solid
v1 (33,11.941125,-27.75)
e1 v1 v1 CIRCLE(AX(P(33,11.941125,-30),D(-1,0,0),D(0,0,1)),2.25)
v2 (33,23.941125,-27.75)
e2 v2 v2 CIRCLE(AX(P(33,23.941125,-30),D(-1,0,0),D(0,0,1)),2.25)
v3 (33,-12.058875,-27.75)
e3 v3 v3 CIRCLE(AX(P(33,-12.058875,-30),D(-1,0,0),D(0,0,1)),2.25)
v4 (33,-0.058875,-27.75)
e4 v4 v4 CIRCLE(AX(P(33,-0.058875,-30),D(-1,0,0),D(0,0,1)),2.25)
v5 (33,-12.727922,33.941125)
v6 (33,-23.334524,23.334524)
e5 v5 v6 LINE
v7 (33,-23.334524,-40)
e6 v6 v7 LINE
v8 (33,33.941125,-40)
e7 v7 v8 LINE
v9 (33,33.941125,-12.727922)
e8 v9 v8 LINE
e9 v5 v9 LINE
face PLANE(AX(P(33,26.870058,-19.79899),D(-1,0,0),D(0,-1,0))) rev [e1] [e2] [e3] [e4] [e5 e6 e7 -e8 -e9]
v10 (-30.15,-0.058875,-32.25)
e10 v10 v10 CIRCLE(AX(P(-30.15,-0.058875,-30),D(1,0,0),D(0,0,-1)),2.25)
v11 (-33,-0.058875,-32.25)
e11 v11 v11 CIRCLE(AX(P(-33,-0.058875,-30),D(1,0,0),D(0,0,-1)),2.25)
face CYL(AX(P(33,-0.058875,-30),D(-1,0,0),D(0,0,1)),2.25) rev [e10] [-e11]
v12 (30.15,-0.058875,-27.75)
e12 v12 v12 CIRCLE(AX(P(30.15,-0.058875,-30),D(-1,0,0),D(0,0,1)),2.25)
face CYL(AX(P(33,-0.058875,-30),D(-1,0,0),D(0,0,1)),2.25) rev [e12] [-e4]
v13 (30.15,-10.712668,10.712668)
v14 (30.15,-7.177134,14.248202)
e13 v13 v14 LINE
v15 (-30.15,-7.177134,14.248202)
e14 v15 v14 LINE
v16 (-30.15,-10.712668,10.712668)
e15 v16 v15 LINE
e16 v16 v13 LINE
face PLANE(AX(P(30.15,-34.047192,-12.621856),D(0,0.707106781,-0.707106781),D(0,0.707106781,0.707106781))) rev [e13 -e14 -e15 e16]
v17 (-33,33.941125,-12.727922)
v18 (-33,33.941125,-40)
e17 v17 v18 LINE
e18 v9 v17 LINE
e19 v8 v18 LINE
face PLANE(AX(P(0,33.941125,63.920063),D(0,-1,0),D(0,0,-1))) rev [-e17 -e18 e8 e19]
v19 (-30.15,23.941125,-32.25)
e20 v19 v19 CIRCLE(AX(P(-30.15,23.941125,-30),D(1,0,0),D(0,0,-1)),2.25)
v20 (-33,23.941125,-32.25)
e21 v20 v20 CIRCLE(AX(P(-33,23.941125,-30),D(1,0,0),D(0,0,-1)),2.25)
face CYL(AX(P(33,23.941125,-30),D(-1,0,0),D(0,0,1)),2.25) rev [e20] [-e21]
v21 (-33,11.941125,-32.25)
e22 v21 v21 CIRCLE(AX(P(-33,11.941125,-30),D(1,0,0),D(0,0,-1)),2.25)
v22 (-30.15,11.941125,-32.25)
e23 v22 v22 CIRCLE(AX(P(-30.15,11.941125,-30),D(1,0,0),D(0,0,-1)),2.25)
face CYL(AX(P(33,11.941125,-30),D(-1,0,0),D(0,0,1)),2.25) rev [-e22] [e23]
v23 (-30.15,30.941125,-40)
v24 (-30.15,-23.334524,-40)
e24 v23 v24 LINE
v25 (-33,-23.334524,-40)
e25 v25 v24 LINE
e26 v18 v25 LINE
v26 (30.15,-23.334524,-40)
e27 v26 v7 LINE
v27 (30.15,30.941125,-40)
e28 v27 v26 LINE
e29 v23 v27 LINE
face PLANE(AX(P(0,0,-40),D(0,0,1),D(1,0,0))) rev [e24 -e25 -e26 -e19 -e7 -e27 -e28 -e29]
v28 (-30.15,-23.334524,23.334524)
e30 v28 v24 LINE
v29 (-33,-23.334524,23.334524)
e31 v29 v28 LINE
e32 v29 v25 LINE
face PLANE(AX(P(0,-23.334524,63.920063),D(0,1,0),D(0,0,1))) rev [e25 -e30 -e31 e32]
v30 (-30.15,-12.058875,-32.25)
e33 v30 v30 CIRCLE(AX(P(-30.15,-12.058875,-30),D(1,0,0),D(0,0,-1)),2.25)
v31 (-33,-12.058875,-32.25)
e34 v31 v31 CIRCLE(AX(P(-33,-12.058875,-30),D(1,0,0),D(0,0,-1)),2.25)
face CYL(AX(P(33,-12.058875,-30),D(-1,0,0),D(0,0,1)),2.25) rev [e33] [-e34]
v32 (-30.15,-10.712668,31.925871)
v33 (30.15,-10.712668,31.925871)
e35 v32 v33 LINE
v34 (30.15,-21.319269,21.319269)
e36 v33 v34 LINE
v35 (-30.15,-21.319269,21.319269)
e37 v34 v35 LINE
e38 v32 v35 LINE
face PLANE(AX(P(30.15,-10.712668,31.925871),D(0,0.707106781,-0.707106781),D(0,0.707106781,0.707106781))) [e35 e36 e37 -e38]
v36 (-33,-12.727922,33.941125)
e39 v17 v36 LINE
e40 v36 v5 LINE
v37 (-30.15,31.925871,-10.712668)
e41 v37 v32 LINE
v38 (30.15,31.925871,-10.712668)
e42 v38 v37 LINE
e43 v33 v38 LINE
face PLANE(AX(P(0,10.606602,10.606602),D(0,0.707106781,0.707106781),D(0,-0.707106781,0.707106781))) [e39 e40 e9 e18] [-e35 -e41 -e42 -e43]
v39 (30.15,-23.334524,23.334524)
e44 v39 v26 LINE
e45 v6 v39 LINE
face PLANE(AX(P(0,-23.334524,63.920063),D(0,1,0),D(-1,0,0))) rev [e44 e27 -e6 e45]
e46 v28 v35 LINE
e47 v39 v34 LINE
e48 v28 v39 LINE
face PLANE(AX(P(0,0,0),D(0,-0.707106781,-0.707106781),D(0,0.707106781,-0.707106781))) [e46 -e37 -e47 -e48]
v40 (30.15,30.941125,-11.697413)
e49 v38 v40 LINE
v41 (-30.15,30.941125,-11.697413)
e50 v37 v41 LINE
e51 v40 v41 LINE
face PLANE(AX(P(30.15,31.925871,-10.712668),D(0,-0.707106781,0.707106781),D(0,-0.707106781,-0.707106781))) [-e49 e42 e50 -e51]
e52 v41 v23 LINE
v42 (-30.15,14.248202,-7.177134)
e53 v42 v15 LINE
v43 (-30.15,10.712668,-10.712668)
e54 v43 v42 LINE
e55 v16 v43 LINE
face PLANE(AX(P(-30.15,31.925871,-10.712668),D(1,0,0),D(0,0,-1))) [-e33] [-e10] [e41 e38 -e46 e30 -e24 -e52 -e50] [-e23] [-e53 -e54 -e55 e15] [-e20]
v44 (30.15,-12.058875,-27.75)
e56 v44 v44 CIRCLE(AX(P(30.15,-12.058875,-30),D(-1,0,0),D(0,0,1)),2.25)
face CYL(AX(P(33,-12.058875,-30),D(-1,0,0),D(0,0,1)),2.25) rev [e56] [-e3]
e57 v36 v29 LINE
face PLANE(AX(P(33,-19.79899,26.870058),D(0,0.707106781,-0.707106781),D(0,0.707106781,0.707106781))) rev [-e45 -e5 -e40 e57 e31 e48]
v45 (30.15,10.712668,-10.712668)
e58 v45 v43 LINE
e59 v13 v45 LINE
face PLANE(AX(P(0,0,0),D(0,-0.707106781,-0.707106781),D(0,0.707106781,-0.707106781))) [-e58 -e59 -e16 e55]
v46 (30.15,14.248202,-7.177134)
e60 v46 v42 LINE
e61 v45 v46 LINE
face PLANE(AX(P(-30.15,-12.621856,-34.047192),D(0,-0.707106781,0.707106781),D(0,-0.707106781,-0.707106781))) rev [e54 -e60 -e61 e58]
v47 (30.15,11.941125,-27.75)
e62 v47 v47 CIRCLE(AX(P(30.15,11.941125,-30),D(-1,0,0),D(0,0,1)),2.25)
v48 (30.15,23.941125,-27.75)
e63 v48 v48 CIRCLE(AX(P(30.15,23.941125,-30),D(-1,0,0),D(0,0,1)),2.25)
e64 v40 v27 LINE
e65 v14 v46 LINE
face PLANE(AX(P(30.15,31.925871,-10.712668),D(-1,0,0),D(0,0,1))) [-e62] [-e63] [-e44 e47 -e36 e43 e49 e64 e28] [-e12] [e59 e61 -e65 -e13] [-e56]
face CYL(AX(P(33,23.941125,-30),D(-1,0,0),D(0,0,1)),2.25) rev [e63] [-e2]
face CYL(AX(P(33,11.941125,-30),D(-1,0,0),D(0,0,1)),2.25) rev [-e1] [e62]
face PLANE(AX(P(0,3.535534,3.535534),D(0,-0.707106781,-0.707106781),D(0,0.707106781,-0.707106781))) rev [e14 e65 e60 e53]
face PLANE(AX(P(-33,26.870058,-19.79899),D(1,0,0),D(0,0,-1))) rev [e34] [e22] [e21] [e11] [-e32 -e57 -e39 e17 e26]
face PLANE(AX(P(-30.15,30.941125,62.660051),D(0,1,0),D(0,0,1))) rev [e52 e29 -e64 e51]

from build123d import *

# Parameters (mm, degrees)
SKETCH1_W               = 66
SKETCH1_H               = 66
BOSS_EXTRUDE1_DEPTH     = 5
SKETCH2_W               = 66
SKETCH2_H               = 66
SKETCH2_W_2             = 60.3
SKETCH2_H_2             = 60.3
BOSS_EXTRUDE2_DEPTH     = 10
CUT_EXTRUDE1_DEPTH      = 55.203320931
CUT_EXTRUDE1_DEPTH_BACK = 55.203320931
SKETCH3_W               = 60.3
SKETCH3_H               = 15
BOSS_EXTRUDE3_REACH     = 100.249
BOSS_EXTRUDE3_START     = -40
SKETCH5_W               = 2.85
SKETCH5_H               = 57.275649276
BOSS_EXTRUDE4_START     = -40
BOSS_EXTRUDE4_DEPTH     = 27.272078
CUT_EXTRUDE2_DEPTH      = 88.796868052
CUT_EXTRUDE2_DEPTH_BACK = 88.796868052
CUT_EXTRUDE3_DEPTH      = 85.308955633
CUT_EXTRUDE3_DEPTH_BACK = 85.308955633
SKETCH12_R              = 2.25


with BuildPart() as part:
    # Sketch1 → Boss-Extrude1 (new body)
    with BuildSketch(Plane(origin=(0, 0, 0), x_dir=(1, 0, 0), z_dir=(0, 0.7071067811865475, 0.7071067811865477))):
        Rectangle(SKETCH1_W, SKETCH1_H)
    extrude(amount=BOSS_EXTRUDE1_DEPTH)

    # Sketch2 → Boss-Extrude2 (add)
    with BuildSketch(Plane(origin=(0, 3.535533906, 3.535533906), x_dir=(1, 0, 0), z_dir=(0, 0.7071067811865476, 0.7071067811865476))):
        Rectangle(SKETCH2_W, SKETCH2_H)
        Rectangle(SKETCH2_W_2, SKETCH2_H_2, mode=Mode.SUBTRACT)
    extrude(amount=BOSS_EXTRUDE2_DEPTH)

    # Sketch3 → Cut-Extrude1 (cut, two sides: drawn at the far end of the back side and taken through both)
    with BuildSketch(Plane(origin=(0, 3.535533906, 3.535533906), x_dir=(1, 0, 0), z_dir=(0, 0.7071067811865476, 0.7071067811865476)).offset(-CUT_EXTRUDE1_DEPTH_BACK)):
        with Locations((0, -22.65)):
            Rectangle(SKETCH3_W, SKETCH3_H)
        with Locations((0, 22.65)):
            Rectangle(SKETCH3_W, SKETCH3_H)
    extrude(amount=CUT_EXTRUDE1_DEPTH + CUT_EXTRUDE1_DEPTH_BACK, mode=Mode.SUBTRACT)

    # Boss-Extrude3: up to this plane
    boss_extrude3_end = Plane(origin=(0, 0, 0), z_dir=(0, -0.7071067811865475, -0.7071067811865477))
    # Sketch5 → Boss-Extrude3 (add, up to the surface)
    with BuildSketch(Plane.XY.offset(BOSS_EXTRUDE3_START), mode=Mode.PRIVATE) as boss_extrude3_sk1:
        with Locations((-31.575, 5.303300859)):
            Rectangle(SKETCH5_W, SKETCH5_H)
    boss_extrude3_tool1 = split(extrude(boss_extrude3_sk1.sketch, amount=BOSS_EXTRUDE3_REACH, mode=Mode.PRIVATE), bisect_by=boss_extrude3_end, keep=Keep.BOTH, mode=Mode.PRIVATE)
    add(boss_extrude3_tool1.solids().sort_by_distance((-31.575, 5.303301, -40))[0])
    # Sketch5 → Boss-Extrude3 (add, up to the surface)
    with BuildSketch(Plane.XY.offset(BOSS_EXTRUDE3_START), mode=Mode.PRIVATE) as boss_extrude3_sk2:
        with Locations((31.575, 5.303300859)):
            Rectangle(SKETCH5_W, SKETCH5_H)
    boss_extrude3_tool2 = split(extrude(boss_extrude3_sk2.sketch, amount=BOSS_EXTRUDE3_REACH, mode=Mode.PRIVATE), bisect_by=boss_extrude3_end, keep=Keep.BOTH, mode=Mode.PRIVATE)
    add(boss_extrude3_tool2.solids().sort_by_distance((31.575, 5.303301, -40))[0])

    # Sketch8 → Boss-Extrude4 (add)
    with BuildSketch(Plane.XY.offset(BOSS_EXTRUDE4_START)):
        Polygon((-33, 33.941125497), (-33, 23.334523779), (-30.15, 23.334523779), (-30.15, 30.941125497), (30.15, 30.941125497), (30.15, 23.334523779), (33, 23.334523779), (33, 33.941125497), (30.15, 33.941125497), (-30.15, 33.941125497), align=None)
    extrude(amount=BOSS_EXTRUDE4_DEPTH)

    # Sketch9 → Cut-Extrude2 (cut, two sides: drawn at the far end of the back side and taken through both)
    with BuildSketch(Plane(origin=(0, 0, -40), x_dir=(-1, 0, 0), z_dir=(0, 0, -1)).offset(-CUT_EXTRUDE2_DEPTH_BACK)):
        Polygon((30.15, 23.334523779), (30.15, 30.941125497), (-30.15, 30.941125497), (-30.15, 23.334523779), (-30.15, 21.319269453), (30.15, 21.319269453), align=None)
    extrude(amount=CUT_EXTRUDE2_DEPTH + CUT_EXTRUDE2_DEPTH_BACK, mode=Mode.SUBTRACT)

    # Sketch12 → Cut-Extrude3 (cut, two sides: drawn at the far end of the back side and taken through both)
    with BuildSketch(Plane.ZY.offset(33).offset(-CUT_EXTRUDE3_DEPTH_BACK)):
        with Locations((-30, 23.941125497)):
            Circle(SKETCH12_R)
        with Locations((-30, -12.058874503)):
            Circle(SKETCH12_R)
        with Locations((-30, 11.941125497)):
            Circle(SKETCH12_R)
        with Locations((-30, -0.058874503)):
            Circle(SKETCH12_R)
    extrude(amount=CUT_EXTRUDE3_DEPTH + CUT_EXTRUDE3_DEPTH_BACK, mode=Mode.SUBTRACT)


solid = part.part
